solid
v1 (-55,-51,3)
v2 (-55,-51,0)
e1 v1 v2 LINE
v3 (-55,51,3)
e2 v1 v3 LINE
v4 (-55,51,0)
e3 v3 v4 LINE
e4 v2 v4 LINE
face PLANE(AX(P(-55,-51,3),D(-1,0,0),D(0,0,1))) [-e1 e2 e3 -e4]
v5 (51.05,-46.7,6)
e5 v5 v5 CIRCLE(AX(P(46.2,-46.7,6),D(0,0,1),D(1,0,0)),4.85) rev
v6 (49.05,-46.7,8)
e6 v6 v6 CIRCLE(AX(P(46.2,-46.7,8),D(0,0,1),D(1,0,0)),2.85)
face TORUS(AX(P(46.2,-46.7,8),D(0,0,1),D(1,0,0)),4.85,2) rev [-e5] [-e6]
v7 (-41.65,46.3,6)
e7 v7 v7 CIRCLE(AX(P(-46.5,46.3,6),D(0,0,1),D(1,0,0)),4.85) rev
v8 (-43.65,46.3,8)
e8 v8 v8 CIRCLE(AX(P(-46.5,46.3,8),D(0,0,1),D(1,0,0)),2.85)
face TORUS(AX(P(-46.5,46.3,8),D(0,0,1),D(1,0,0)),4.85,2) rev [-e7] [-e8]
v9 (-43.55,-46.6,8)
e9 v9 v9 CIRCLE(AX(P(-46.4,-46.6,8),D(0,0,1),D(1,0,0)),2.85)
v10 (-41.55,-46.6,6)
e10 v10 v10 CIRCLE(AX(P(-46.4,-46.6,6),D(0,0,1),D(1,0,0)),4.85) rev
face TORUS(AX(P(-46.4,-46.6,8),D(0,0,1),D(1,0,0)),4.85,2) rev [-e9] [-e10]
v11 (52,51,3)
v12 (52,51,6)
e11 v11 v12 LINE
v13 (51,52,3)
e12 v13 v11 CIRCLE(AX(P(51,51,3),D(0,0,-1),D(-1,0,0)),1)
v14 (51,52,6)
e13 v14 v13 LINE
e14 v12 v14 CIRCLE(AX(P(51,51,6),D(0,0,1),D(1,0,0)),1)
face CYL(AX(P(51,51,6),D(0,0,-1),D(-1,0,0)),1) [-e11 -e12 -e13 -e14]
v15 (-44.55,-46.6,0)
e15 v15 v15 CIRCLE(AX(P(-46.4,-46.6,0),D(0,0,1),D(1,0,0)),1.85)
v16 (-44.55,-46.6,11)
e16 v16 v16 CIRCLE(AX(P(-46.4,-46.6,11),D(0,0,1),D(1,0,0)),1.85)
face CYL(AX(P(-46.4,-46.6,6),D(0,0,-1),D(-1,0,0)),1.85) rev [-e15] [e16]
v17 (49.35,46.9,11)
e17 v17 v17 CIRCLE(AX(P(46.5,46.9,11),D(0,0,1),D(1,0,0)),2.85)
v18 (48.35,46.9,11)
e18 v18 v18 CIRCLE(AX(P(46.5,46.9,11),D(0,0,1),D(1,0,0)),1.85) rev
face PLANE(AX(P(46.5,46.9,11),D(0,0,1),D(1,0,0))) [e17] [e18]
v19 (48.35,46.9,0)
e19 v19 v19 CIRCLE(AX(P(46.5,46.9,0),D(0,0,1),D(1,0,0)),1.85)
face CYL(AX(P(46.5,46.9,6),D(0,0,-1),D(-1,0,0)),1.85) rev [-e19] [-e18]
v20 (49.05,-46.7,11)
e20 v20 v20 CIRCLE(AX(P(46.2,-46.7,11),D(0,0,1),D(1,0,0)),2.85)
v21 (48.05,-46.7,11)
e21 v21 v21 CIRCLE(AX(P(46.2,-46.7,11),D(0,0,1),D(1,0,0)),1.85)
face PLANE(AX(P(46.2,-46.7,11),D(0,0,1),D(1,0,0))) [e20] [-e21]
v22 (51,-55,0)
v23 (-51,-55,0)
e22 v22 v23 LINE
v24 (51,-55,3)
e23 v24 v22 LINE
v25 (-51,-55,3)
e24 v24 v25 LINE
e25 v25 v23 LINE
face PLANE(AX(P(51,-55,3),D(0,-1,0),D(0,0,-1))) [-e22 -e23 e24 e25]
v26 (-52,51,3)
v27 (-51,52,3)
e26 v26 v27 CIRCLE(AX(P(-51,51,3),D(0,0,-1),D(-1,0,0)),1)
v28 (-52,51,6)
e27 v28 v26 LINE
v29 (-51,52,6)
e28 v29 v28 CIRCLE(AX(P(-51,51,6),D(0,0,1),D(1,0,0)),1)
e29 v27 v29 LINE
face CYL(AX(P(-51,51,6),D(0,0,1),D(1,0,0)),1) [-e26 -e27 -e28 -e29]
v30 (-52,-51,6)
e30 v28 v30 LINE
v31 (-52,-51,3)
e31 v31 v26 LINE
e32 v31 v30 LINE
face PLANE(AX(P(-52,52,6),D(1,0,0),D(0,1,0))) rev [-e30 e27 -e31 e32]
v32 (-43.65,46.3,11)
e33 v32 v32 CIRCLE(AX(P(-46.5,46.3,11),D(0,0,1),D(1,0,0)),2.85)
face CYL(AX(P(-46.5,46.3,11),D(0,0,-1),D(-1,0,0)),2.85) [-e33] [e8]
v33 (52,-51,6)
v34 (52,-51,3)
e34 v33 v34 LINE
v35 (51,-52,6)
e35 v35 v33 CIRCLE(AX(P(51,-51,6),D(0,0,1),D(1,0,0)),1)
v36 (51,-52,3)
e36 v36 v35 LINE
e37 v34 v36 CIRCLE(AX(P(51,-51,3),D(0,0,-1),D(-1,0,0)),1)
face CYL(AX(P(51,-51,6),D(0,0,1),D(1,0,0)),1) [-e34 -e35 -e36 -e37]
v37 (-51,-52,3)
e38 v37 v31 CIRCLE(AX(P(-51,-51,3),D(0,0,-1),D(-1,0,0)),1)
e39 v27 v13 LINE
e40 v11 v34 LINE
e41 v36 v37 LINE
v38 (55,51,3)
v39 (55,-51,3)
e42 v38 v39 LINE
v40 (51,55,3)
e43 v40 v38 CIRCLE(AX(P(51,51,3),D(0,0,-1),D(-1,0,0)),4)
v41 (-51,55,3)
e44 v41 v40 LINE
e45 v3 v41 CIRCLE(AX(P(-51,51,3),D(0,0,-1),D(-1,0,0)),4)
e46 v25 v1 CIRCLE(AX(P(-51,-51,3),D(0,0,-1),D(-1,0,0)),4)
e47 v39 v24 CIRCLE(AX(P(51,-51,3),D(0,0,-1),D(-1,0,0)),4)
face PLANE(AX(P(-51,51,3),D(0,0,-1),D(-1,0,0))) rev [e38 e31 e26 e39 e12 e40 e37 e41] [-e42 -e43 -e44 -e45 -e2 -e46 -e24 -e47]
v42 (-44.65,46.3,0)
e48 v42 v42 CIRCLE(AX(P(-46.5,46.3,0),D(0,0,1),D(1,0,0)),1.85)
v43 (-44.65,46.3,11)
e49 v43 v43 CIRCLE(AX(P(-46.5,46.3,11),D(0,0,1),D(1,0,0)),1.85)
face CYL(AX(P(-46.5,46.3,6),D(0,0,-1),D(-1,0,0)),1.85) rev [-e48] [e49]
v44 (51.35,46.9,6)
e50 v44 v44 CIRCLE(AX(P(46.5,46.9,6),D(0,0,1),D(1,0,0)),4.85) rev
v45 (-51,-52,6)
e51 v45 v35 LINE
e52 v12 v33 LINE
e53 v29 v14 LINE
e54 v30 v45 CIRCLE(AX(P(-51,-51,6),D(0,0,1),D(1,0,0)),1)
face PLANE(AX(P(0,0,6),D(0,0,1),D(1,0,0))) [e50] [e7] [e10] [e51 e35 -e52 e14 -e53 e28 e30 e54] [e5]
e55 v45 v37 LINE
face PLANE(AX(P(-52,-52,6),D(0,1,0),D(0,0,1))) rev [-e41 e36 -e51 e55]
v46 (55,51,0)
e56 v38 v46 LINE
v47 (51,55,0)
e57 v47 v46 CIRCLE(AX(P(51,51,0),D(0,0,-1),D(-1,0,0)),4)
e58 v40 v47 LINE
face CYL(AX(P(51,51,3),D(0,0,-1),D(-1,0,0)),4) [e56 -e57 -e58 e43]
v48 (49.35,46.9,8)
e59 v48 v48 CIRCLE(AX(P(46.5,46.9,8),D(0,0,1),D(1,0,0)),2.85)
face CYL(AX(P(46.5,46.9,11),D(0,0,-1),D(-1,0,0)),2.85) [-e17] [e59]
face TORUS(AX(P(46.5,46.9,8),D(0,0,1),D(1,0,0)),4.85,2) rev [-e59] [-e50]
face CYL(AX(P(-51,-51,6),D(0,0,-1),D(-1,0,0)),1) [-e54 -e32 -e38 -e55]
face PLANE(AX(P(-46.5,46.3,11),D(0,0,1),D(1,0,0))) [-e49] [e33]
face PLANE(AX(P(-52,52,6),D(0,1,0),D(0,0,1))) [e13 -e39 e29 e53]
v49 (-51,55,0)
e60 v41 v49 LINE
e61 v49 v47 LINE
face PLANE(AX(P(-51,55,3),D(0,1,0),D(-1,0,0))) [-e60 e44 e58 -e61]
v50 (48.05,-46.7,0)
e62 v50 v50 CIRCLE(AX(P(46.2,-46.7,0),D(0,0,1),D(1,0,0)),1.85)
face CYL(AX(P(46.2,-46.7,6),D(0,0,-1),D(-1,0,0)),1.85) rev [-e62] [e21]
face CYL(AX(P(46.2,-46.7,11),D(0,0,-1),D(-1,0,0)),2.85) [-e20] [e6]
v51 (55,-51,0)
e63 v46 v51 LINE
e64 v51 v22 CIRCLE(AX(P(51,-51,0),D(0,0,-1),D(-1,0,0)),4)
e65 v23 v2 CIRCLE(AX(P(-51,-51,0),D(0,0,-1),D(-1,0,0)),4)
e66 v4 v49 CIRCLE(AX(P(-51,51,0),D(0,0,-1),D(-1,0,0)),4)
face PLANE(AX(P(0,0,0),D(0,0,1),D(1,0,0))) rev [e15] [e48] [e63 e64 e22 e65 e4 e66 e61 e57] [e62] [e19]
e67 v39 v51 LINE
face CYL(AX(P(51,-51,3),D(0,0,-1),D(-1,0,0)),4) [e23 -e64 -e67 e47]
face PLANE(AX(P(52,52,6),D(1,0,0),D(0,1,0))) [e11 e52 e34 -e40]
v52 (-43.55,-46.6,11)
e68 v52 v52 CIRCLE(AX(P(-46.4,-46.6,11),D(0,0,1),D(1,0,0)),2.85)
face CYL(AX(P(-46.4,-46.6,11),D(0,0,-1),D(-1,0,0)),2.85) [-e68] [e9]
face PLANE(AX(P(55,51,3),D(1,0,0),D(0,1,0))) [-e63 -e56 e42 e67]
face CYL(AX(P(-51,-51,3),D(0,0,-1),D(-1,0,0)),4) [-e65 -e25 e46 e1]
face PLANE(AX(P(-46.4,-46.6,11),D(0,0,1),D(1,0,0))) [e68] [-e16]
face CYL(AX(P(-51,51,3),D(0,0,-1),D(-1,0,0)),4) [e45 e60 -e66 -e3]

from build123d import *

# Parameters (mm, degrees)
CROQUIS4_W              = 104
CROQUIS4_H              = 104
CROQUIS4_R              = 1.85
SALIENTE_EXTRUIR2_DEPTH = 6
CROQUIS5_R              = 2.85
CROQUIS5_R_2            = 1.85
SALIENTE_EXTRUIR3_DEPTH = 5
REDONDEO1_R             = 2
REDONDEO2_R             = 1
SALIENTE_EXTRUIR4_START = -3
SALIENTE_EXTRUIR4_DEPTH = 3


with BuildPart() as part:
    # Croquis4 → Saliente-Extruir2 (new body)
    with BuildSketch(Plane.XY):
        Rectangle(CROQUIS4_W, CROQUIS4_H)
        with Locations((-46.4, -46.6)):
            Circle(CROQUIS4_R, mode=Mode.SUBTRACT)
        with Locations((46.2, -46.7)):
            Circle(CROQUIS4_R, mode=Mode.SUBTRACT)
        with Locations((-46.5, 46.3)):
            Circle(CROQUIS4_R, mode=Mode.SUBTRACT)
        with Locations((46.5, 46.9)):
            Circle(CROQUIS4_R, mode=Mode.SUBTRACT)
    extrude(amount=SALIENTE_EXTRUIR2_DEPTH)

    # Croquis5 → Saliente-Extruir3 (add)
    # profile 1 of 4: a face of its own
    with BuildSketch(Plane.XY.offset(6)):
        with Locations((-46.5, 46.3)):
            Circle(CROQUIS5_R)
        with Locations((-46.5, 46.3)):
            Circle(CROQUIS5_R_2, mode=Mode.SUBTRACT)
    # profile 2 of 4: a face of its own
    with BuildSketch(Plane.XY.offset(6)):
        with Locations((46.5, 46.9)):
            Circle(CROQUIS5_R)
        with Locations((46.5, 46.9)):
            Circle(CROQUIS5_R_2, mode=Mode.SUBTRACT)
    # profile 3 of 4: a face of its own
    with BuildSketch(Plane.XY.offset(6)):
        with Locations((46.2, -46.7)):
            Circle(CROQUIS5_R)
        with Locations((46.2, -46.7)):
            Circle(CROQUIS5_R_2, mode=Mode.SUBTRACT)
    # profile 4 of 4: a face of its own
    with BuildSketch(Plane.XY.offset(6)):
        with Locations((-46.4, -46.6)):
            Circle(CROQUIS5_R)
        with Locations((-46.4, -46.6)):
            Circle(CROQUIS5_R_2, mode=Mode.SUBTRACT)
    extrude(amount=SALIENTE_EXTRUIR3_DEPTH)

    # Redondeo1
    redondeo1_edges = [part.edges().sort_by_distance(p)[0] for p in [
        (43.35, -46.7, 6),
        (-49.25, -46.6, 6),
        (-49.35, 46.3, 6),
        (43.65, 46.9, 6),
    ]]
    fillet(redondeo1_edges, radius=REDONDEO1_R)

    # Redondeo2
    redondeo2_edges = [part.edges().sort_by_distance(p)[0] for p in [
        (52, -52, 3),
        (-52, -52, 3),
        (-52, 52, 3),
        (52, 52, 3),
    ]]
    fillet(redondeo2_edges, radius=REDONDEO2_R)

    # Croquis6 → Saliente-Extruir4 (add)
    with BuildSketch(Plane(origin=(0, 0, 0), x_dir=(-1, 0, 0), z_dir=(0, 0, -1)).offset(SALIENTE_EXTRUIR4_START)):
        with BuildLine():
            Line((51, 55), (-51, 55))
            ThreePointArc((-51, 55), (-53.828427125, 53.828427125), (-55, 51))
            Line((-55, 51), (-55, -51))
            ThreePointArc((-55, -51), (-53.828427125, -53.828427125), (-51, -55))
            Line((-51, -55), (51, -55))
            ThreePointArc((51, -55), (53.828427125, -53.828427125), (55, -51))
            Line((55, -51), (55, 51))
            ThreePointArc((55, 51), (53.828427125, 53.828427125), (51, 55))
        make_face()
        with BuildLine():
            Line((-52, 51), (-52, -51))
            ThreePointArc((-52, -51), (-51.707106781, -51.707106781), (-51, -52))
            Line((-51, -52), (51, -52))
            ThreePointArc((51, -52), (51.707106781, -51.707106781), (52, -51))
            Line((52, -51), (52, 51))
            ThreePointArc((52, 51), (51.707106781, 51.707106781), (51, 52))
            Line((51, 52), (-51, 52))
            ThreePointArc((-51, 52), (-51.707106781, 51.707106781), (-52, 51))
        make_face(mode=Mode.SUBTRACT)
    extrude(amount=SALIENTE_EXTRUIR4_DEPTH)


solid = part.part
